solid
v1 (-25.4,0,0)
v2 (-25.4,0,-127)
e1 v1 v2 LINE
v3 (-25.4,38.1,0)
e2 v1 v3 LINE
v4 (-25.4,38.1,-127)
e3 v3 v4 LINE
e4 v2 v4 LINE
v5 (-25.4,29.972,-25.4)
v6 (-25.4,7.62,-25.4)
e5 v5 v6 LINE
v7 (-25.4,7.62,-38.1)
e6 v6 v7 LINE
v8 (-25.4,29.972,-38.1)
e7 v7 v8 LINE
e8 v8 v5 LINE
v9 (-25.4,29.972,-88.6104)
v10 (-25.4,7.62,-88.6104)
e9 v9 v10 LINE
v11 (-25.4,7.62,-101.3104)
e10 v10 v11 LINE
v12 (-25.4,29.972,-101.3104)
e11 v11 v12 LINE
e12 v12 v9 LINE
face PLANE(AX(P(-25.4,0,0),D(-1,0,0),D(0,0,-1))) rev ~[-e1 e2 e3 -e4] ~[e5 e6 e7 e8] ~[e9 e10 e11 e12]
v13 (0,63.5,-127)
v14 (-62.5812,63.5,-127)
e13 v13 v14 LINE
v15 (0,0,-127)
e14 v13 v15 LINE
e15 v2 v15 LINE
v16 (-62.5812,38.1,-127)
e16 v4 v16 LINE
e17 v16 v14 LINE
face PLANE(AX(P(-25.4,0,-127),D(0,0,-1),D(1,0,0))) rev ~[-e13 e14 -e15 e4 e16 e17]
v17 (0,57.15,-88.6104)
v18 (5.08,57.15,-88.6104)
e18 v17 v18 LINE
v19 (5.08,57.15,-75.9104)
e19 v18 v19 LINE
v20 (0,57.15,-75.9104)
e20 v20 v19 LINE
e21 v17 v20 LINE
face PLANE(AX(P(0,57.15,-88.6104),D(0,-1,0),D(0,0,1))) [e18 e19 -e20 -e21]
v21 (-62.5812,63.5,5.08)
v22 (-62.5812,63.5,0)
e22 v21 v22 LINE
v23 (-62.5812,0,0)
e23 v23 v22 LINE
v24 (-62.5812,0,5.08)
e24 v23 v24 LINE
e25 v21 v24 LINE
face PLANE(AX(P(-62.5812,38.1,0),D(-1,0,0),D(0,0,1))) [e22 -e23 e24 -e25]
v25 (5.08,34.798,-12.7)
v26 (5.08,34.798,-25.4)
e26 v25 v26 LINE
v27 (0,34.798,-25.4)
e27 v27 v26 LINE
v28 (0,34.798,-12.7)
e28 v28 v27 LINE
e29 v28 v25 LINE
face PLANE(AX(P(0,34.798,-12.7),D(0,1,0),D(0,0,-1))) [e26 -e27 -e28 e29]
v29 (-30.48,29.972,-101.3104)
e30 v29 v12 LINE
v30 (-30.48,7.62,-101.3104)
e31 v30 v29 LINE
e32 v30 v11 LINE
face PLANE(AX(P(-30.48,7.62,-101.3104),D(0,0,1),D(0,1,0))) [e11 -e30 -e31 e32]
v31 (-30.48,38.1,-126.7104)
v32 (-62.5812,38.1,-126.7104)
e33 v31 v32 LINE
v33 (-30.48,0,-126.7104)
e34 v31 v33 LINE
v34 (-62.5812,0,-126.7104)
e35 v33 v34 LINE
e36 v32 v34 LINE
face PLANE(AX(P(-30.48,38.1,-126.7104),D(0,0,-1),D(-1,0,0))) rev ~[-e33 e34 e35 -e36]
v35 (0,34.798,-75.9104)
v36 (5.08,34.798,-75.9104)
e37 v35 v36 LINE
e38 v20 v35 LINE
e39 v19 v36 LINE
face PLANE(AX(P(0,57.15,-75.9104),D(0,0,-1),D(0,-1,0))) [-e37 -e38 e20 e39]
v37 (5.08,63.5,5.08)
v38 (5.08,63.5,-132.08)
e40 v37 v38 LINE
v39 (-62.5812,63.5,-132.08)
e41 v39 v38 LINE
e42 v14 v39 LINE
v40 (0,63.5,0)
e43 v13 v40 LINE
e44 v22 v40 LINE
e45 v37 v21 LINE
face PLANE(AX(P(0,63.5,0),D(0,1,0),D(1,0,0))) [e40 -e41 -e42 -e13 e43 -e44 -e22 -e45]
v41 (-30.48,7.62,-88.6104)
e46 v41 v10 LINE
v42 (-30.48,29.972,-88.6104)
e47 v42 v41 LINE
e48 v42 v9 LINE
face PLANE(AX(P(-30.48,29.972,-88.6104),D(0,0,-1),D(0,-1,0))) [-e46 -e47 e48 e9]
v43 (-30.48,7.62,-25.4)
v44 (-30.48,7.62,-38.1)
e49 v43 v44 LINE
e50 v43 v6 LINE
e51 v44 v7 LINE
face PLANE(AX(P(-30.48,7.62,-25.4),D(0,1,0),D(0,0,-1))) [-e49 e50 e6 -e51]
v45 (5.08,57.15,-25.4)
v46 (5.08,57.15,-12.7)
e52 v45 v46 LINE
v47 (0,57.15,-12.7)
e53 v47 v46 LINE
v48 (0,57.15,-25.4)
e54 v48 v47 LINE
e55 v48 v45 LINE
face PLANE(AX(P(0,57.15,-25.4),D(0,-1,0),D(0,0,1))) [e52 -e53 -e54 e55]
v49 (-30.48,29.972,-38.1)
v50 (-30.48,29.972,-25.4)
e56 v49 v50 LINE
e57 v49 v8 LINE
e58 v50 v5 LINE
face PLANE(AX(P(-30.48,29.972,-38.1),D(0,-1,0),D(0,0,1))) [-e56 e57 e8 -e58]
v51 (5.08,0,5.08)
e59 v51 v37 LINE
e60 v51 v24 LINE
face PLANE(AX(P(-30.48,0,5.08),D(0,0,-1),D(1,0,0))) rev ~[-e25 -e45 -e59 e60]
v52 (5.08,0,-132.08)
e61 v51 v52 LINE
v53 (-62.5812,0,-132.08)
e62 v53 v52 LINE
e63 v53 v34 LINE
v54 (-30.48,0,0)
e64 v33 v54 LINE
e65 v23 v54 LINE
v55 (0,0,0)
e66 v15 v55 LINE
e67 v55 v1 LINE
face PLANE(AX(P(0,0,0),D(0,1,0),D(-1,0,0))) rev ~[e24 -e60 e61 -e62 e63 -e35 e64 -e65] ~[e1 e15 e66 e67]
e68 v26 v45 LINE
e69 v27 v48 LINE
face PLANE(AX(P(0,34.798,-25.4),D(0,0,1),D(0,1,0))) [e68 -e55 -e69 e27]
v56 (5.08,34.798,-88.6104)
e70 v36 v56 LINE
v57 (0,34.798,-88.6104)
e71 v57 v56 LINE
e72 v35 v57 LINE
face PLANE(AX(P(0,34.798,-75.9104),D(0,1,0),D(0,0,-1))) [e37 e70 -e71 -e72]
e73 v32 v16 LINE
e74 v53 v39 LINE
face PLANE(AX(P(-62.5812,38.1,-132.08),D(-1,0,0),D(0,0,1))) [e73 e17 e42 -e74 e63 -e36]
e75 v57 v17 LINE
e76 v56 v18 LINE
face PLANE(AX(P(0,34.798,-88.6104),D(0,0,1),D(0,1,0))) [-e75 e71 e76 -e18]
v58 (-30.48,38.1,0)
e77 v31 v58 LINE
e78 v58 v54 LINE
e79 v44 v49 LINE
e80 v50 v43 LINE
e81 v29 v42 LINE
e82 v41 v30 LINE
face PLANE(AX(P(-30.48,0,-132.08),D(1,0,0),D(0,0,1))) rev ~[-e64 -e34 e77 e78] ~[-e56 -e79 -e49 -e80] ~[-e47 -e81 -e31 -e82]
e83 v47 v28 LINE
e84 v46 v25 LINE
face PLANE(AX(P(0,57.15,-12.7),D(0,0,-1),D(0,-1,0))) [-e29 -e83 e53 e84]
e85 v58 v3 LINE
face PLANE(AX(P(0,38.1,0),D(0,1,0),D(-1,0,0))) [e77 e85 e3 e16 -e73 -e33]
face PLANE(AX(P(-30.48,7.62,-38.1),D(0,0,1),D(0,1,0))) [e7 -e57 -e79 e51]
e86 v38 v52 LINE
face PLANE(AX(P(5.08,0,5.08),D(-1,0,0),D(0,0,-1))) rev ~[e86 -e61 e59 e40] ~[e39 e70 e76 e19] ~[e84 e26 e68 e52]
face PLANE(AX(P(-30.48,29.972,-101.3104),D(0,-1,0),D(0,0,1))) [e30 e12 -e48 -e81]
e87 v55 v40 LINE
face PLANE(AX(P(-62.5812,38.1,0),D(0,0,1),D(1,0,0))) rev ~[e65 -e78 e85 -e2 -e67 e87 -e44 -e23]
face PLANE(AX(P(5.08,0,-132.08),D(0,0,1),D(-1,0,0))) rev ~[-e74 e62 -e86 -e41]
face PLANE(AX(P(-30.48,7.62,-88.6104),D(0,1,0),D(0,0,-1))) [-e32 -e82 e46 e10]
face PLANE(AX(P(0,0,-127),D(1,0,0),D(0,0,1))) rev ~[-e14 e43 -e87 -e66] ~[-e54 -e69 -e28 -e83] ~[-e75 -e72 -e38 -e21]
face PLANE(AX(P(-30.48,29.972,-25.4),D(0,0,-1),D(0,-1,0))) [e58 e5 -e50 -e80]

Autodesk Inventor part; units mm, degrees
ref_plane "YZ Plane" through (0, 0, 0) normal (1, 0, 0) x (0, 1, 0)
ref_plane "XZ Plane" through (0, 0, 0) normal (0, 1, 0) x (-1, 0, 0)
ref_plane "XY Plane" through (0, 0, 0) normal (0, 0, 1) x (1, 0, 0)
sketch "Sketch1" plane through (0, 0, 0) normal (0, 1, 0) x (-1, 0, 0)
  line L0 (0, 0) -> (25.4, 0)
  line L1 (25.4, 0) -> (25.4, -127)
  line L2 (25.4, -127) -> (0, -127)
  line L3 (0, -127) -> (0, 0)
  line L4 (30.48, 5.08) -> (-5.08, 5.08)
  line L5 (-5.08, 5.08) -> (-5.08, -132.08)
  line L6 (-5.08, -132.08) -> (30.48, -132.08)
  line L7 (30.48, -132.08) -> (30.48, 5.08)
  dimension "d0" = 25.4
  dimension "d1" = 127
  dimension "d2" = 5.08
  dimension "d3" = 5.08
  dimension "d4" = 5.08
  dimension "d5" = 5.08
extrude "Extrusion1" add sketch "Sketch1" along normal blind 38.1
sketch "Sketch2" plane through (0, 38.1, 0) normal (0, 1, 0) x (1, 0, 0)
  line L0 (-30.48, -5.08) -> (5.08, -5.08) projected
  line L1 (5.08, -5.08) -> (-62.5812, -5.08)
  line L2 (-62.5812, -5.08) -> (-62.5812, 0)
  line L3 (-62.5812, 0) -> (0, 0)
  line L4 (-25.4, 127) -> (0, 127) projected
  line L5 (0, 127) -> (-62.5812, 127)
  line L6 (5.08, -5.08) -> (5.08, 132.08) projected
  line L7 (5.08, -5.08) -> (-62.5812, -5.08)
  line L8 (-62.5812, 132.08) -> (5.08, 132.08)
  line L9 (5.08, 132.08) -> (5.08, -5.08)
  line L10 (-62.5812, 132.08) -> (-47.0844, 132.08)
  line L11 (-62.5812, 127) -> (-62.5812, 132.08)
  line L12 (0, 127) -> (0, 0) projected
  line L13 (0, 0) -> (0, 127)
  line L14 (0, 127) -> (-62.5812, 127)
  line L15 (-62.5812, 132.08) -> (3.2473, 132.08)
  line L16 (5.08, 132.08) -> (-30.48, 132.08) projected
extrude "Extrusion2" add sketch "Sketch2" along normal blind 25.4
sketch "Sketch5" plane through (0, 38.1, 0) normal (0, -1, 0) x (1, 0, 0)
  line L0 (-62.5812, -132.08) -> (-62.5812, -127) projected
  line L1 (-30.48, -132.08) -> (-30.48, 5.08) projected
  line L2 (-62.5812, -132.08) -> (-30.48, -132.08)
  line L3 (-30.48, -132.08) -> (-30.48, -126.7104)
  line L4 (-30.48, -126.7104) -> (-62.5812, -126.7104)
  line L5 (-62.5812, -126.7104) -> (-62.5812, -132.08)
  line L6 (-62.5812, 0) -> (-62.5812, 5.08) projected
  line L7 (-30.48, 5.08) -> (5.08, 5.08) projected
  line L8 (-62.5812, 0) -> (-30.48, 0)
  line L9 (-30.48, 0) -> (-30.48, 5.08)
  line L10 (-30.48, 5.08) -> (-62.5812, 5.08)
  line L11 (-62.5812, 5.08) -> (-62.5812, 0)
  point P0 (0, 0)
extrude "Extrusion3" add sketch "Sketch5" along normal blind 38.1
sketch "Sketch6" plane through (-30.48, 0, 0) normal (-1, 0, 0) x (0, 0, 1)
  line L0 (-25.4, 7.62) -> (-38.1, 7.62)
  line L1 (-38.1, 7.62) -> (-38.1, 29.972)
  line L2 (-38.1, 29.972) -> (-25.4, 29.972)
  line L3 (-25.4, 29.972) -> (-25.4, 7.62)
  line L4 (-126.7104, 0) -> (0, 0) projected
  line L5 (0, 63.5) -> (0, 0) projected
  line L6 (-88.6104, 7.62) -> (-101.3104, 7.62)
  line L7 (-101.3104, 7.62) -> (-101.3104, 29.972)
  line L8 (-101.3104, 29.972) -> (-88.6104, 29.972)
  line L9 (-88.6104, 29.972) -> (-88.6104, 7.62)
  line L10 (-126.7104, 38.1) -> (-126.7104, 0) projected
  point P0 (-25.4, 18.796)
  point P1 (-88.6104, 18.796)
  point P2 (-126.7104, 19.05)
  point P3 (-101.3104, 18.796)
  dimension "d12" = 12.7
  dimension "d13" = 22.352
  dimension "d14" = 7.62
  dimension "d15" = 25.4
  dimension "d16" = 12.7
  dimension "d17" = 22.352
  dimension "d18" = 25.4
  dimension "d19" = 7.62
extrude "Extrusion4" cut sketch "Sketch6" against normal blind 12.7
sketch "Sketch7" plane through (0, 0, -127) normal (-1, 0, 0) x (0, 0, 1)
  line L0 (51.0896, 34.798) -> (38.3896, 34.798)
  line L1 (38.3896, 34.798) -> (38.3896, 57.15)
  line L2 (38.3896, 57.15) -> (51.0896, 57.15)
  line L3 (51.0896, 57.15) -> (51.0896, 34.798)
  line L4 (38.3896, 29.972) -> (38.3896, 7.62) projected
  line L5 (0, 63.5) -> (127, 63.5) projected
  line L6 (114.3, 34.798) -> (101.6, 34.798)
  line L7 (101.6, 34.798) -> (101.6, 57.15)
  line L8 (101.6, 57.15) -> (114.3, 57.15)
  line L9 (114.3, 57.15) -> (114.3, 34.798)
  line L10 (101.6, 31.5595) -> (101.6, 9.2075)
  line L11 (101.6, 29.972) -> (101.6, 7.62) projected
  point P0 (127, 0)
  point P1 (51.0896, 45.974)
  point P2 (38.3896, 18.796)
  point P3 (44.7396, 57.15)
  point P4 (114.3, 45.974)
  point P5 (101.6, 20.3835)
  point P6 (107.95, 57.15)
  dimension "d22" = 12.7
  dimension "d23" = 22.352
  dimension "d24" = 0
  dimension "d25" = 6.35
  dimension "d26" = 12.7
  dimension "d27" = 22.352
  dimension "d28" = 0
  dimension "d29" = 6.35
extrude "Extrusion5" cut sketch "Sketch7" against normal blind 12.7
properties part number "Base1"
